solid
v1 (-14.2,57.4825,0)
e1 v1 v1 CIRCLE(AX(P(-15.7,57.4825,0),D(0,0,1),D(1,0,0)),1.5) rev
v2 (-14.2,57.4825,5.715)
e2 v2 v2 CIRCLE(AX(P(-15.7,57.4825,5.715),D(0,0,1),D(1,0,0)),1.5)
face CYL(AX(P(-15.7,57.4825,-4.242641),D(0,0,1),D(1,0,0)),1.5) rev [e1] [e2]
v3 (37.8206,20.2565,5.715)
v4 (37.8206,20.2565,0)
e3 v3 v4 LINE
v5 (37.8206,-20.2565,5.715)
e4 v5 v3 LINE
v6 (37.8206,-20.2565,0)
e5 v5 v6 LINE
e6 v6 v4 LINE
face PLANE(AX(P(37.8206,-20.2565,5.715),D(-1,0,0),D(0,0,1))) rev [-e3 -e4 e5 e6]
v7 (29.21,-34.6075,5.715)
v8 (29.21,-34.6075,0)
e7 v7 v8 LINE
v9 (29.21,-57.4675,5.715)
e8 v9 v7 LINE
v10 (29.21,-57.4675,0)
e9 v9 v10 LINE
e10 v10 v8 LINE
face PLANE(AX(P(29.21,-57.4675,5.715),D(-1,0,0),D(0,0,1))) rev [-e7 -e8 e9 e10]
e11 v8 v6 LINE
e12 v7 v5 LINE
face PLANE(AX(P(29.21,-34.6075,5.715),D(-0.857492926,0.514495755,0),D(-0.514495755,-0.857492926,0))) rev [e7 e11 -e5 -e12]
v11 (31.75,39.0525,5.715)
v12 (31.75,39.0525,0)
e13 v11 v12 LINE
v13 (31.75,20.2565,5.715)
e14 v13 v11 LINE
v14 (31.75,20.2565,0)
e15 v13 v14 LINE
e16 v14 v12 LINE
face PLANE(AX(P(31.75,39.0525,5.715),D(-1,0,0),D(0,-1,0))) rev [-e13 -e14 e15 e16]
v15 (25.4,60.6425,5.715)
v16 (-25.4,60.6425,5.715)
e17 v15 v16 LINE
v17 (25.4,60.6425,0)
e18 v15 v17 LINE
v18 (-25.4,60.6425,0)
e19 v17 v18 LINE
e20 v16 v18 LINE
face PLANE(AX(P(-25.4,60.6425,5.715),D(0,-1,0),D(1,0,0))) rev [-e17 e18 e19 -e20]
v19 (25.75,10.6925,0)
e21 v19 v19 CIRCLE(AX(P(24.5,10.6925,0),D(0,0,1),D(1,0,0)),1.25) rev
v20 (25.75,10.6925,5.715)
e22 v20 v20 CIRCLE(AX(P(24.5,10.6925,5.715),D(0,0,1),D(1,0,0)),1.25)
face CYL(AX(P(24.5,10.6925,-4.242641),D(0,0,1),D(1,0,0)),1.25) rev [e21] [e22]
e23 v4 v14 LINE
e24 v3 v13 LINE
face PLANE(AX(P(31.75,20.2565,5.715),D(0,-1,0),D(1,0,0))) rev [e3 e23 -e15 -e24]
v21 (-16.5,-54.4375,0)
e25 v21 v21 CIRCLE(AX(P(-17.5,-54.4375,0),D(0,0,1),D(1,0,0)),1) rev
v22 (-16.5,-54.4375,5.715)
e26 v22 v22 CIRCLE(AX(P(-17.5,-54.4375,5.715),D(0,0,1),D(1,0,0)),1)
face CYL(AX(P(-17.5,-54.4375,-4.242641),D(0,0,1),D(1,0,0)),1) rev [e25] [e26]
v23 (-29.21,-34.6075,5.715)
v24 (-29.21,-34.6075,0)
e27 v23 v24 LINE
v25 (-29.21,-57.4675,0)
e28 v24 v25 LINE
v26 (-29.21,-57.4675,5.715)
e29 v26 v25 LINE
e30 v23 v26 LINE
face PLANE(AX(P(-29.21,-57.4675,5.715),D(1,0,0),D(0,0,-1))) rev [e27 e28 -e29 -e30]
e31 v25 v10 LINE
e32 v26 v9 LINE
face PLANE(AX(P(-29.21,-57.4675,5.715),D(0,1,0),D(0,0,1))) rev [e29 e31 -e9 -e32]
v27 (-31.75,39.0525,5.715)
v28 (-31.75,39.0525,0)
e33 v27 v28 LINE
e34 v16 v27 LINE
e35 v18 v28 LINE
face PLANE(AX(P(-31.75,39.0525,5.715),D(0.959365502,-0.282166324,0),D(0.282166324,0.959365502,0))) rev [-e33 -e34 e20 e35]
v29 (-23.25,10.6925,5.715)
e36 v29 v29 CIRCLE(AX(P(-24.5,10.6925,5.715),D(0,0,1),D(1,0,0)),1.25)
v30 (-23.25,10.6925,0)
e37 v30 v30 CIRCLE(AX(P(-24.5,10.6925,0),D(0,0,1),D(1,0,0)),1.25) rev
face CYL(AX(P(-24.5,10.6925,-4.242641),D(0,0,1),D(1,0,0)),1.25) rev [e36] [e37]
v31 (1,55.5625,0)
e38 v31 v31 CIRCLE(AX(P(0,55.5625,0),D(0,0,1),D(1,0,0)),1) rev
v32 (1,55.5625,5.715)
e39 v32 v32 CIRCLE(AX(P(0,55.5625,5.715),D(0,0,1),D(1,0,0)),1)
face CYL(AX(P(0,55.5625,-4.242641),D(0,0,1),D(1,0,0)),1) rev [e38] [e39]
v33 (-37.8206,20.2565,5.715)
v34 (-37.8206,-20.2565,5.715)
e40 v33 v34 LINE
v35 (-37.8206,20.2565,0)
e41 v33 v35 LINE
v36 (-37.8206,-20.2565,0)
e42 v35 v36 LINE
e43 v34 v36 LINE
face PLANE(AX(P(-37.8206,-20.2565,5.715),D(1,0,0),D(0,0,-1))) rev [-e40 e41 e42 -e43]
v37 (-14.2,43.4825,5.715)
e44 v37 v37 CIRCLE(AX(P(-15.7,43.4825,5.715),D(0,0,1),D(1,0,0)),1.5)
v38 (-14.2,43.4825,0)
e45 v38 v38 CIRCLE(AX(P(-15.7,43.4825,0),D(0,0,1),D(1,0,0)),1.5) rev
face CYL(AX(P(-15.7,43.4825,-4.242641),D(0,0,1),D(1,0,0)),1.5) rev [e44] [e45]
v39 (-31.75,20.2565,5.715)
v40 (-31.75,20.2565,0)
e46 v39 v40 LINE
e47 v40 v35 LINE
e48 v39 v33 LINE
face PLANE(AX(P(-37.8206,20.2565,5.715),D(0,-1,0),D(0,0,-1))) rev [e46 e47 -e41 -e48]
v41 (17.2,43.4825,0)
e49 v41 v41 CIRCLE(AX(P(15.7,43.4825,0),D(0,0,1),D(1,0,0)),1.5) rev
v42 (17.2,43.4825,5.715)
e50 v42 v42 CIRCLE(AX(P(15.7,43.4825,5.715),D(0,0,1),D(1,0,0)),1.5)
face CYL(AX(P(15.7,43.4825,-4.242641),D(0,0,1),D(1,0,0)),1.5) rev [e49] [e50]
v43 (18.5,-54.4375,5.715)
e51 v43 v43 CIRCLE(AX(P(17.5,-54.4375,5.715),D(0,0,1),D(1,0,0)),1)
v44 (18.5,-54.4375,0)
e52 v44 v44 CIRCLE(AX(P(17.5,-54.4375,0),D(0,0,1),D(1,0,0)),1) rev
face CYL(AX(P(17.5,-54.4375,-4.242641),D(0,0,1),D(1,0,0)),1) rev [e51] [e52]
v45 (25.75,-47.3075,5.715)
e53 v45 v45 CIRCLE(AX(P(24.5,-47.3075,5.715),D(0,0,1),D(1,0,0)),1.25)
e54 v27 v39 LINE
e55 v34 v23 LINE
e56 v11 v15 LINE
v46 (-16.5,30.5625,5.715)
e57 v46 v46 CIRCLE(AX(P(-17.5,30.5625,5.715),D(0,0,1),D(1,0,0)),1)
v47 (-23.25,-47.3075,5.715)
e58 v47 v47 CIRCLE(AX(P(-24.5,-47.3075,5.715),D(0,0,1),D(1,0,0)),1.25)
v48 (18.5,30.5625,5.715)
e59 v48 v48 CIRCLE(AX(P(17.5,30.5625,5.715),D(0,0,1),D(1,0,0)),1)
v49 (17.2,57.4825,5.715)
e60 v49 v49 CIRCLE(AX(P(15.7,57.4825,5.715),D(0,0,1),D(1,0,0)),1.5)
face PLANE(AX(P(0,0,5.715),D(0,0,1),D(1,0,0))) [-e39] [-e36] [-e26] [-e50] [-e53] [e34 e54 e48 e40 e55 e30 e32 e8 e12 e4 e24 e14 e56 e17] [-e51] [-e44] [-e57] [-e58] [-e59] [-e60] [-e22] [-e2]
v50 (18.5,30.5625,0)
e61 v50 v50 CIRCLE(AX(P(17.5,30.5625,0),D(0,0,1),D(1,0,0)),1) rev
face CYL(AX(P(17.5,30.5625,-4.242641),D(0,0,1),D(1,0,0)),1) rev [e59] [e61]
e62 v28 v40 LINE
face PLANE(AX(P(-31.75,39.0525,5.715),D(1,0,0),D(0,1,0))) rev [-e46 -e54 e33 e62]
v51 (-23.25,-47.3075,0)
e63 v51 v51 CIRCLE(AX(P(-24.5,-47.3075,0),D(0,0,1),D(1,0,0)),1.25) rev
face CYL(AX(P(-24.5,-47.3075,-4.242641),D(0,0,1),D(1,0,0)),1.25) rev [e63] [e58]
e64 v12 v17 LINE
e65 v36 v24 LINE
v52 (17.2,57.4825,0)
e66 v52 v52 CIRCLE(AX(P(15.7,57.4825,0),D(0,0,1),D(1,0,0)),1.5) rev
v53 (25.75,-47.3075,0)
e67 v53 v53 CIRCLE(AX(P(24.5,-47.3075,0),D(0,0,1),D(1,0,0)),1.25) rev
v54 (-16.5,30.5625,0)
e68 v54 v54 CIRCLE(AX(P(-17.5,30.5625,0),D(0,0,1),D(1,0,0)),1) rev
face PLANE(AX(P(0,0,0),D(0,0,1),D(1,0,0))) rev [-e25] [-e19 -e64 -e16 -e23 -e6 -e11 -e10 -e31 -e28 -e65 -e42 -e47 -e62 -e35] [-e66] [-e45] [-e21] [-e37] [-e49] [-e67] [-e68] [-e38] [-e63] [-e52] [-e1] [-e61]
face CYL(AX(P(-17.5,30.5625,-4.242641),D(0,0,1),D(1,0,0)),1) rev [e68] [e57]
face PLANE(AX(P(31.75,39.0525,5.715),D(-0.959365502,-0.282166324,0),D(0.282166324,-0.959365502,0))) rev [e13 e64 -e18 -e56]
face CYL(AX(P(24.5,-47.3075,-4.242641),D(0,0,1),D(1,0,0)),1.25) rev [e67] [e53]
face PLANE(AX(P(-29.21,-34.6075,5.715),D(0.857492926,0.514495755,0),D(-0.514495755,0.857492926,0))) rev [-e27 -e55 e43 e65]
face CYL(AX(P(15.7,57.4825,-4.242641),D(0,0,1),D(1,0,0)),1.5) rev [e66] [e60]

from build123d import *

# Parameters (mm, degrees)
BOSS_EXTRUDE1_DEPTH = 5.715
SKETCH3_R           = 1.25
SKETCH3_R_2         = 1
SKETCH3_R_3         = 1.5
CUT_EXTRUDE1_DEPTH  = 5.715


with BuildPart() as part:
    # Sketch1 → Boss-Extrude1 (new body)
    with BuildSketch(Plane.XY):
        Polygon((-37.8206, -20.2565), (-37.8206, 20.2565), (-31.75, 20.2565), (-31.75, 39.0525), (-25.4, 60.6425), (25.4, 60.6425), (31.75, 39.0525), (31.75, 20.2565), (37.8206, 20.2565), (37.8206, -20.2565), (29.21, -34.6075), (29.21, -57.4675), (-29.21, -57.4675), (-29.21, -34.6075), align=None)
    extrude(amount=BOSS_EXTRUDE1_DEPTH)

    # Sketch3 → Cut-Extrude1 (cut)
    with BuildSketch(Plane.XY.offset(5.715)):
        with Locations((-24.5, 10.6925)):
            Circle(SKETCH3_R)
        with Locations((24.5, 10.6925)):
            Circle(SKETCH3_R)
        with Locations((-24.5, -47.3075)):
            Circle(SKETCH3_R)
        with Locations((24.5, -47.3075)):
            Circle(SKETCH3_R)
        with Locations((0, 55.5625)):
            Circle(SKETCH3_R_2)
        with Locations((17.5, 30.5625)):
            Circle(SKETCH3_R_2)
        with Locations((-17.5, 30.5625)):
            Circle(SKETCH3_R_2)
        with Locations((-17.5, -54.4375)):
            Circle(SKETCH3_R_2)
        with Locations((17.5, -54.4375)):
            Circle(SKETCH3_R_2)
        with Locations((-15.7, 57.48249997)):
            Circle(SKETCH3_R_3)
        with Locations((15.7, 57.48249997)):
            Circle(SKETCH3_R_3)
        with Locations((15.7, 43.48249997)):
            Circle(SKETCH3_R_3)
        with Locations((-15.7, 43.48249997)):
            Circle(SKETCH3_R_3)
    extrude(amount=-CUT_EXTRUDE1_DEPTH, mode=Mode.SUBTRACT)


solid = part.part
